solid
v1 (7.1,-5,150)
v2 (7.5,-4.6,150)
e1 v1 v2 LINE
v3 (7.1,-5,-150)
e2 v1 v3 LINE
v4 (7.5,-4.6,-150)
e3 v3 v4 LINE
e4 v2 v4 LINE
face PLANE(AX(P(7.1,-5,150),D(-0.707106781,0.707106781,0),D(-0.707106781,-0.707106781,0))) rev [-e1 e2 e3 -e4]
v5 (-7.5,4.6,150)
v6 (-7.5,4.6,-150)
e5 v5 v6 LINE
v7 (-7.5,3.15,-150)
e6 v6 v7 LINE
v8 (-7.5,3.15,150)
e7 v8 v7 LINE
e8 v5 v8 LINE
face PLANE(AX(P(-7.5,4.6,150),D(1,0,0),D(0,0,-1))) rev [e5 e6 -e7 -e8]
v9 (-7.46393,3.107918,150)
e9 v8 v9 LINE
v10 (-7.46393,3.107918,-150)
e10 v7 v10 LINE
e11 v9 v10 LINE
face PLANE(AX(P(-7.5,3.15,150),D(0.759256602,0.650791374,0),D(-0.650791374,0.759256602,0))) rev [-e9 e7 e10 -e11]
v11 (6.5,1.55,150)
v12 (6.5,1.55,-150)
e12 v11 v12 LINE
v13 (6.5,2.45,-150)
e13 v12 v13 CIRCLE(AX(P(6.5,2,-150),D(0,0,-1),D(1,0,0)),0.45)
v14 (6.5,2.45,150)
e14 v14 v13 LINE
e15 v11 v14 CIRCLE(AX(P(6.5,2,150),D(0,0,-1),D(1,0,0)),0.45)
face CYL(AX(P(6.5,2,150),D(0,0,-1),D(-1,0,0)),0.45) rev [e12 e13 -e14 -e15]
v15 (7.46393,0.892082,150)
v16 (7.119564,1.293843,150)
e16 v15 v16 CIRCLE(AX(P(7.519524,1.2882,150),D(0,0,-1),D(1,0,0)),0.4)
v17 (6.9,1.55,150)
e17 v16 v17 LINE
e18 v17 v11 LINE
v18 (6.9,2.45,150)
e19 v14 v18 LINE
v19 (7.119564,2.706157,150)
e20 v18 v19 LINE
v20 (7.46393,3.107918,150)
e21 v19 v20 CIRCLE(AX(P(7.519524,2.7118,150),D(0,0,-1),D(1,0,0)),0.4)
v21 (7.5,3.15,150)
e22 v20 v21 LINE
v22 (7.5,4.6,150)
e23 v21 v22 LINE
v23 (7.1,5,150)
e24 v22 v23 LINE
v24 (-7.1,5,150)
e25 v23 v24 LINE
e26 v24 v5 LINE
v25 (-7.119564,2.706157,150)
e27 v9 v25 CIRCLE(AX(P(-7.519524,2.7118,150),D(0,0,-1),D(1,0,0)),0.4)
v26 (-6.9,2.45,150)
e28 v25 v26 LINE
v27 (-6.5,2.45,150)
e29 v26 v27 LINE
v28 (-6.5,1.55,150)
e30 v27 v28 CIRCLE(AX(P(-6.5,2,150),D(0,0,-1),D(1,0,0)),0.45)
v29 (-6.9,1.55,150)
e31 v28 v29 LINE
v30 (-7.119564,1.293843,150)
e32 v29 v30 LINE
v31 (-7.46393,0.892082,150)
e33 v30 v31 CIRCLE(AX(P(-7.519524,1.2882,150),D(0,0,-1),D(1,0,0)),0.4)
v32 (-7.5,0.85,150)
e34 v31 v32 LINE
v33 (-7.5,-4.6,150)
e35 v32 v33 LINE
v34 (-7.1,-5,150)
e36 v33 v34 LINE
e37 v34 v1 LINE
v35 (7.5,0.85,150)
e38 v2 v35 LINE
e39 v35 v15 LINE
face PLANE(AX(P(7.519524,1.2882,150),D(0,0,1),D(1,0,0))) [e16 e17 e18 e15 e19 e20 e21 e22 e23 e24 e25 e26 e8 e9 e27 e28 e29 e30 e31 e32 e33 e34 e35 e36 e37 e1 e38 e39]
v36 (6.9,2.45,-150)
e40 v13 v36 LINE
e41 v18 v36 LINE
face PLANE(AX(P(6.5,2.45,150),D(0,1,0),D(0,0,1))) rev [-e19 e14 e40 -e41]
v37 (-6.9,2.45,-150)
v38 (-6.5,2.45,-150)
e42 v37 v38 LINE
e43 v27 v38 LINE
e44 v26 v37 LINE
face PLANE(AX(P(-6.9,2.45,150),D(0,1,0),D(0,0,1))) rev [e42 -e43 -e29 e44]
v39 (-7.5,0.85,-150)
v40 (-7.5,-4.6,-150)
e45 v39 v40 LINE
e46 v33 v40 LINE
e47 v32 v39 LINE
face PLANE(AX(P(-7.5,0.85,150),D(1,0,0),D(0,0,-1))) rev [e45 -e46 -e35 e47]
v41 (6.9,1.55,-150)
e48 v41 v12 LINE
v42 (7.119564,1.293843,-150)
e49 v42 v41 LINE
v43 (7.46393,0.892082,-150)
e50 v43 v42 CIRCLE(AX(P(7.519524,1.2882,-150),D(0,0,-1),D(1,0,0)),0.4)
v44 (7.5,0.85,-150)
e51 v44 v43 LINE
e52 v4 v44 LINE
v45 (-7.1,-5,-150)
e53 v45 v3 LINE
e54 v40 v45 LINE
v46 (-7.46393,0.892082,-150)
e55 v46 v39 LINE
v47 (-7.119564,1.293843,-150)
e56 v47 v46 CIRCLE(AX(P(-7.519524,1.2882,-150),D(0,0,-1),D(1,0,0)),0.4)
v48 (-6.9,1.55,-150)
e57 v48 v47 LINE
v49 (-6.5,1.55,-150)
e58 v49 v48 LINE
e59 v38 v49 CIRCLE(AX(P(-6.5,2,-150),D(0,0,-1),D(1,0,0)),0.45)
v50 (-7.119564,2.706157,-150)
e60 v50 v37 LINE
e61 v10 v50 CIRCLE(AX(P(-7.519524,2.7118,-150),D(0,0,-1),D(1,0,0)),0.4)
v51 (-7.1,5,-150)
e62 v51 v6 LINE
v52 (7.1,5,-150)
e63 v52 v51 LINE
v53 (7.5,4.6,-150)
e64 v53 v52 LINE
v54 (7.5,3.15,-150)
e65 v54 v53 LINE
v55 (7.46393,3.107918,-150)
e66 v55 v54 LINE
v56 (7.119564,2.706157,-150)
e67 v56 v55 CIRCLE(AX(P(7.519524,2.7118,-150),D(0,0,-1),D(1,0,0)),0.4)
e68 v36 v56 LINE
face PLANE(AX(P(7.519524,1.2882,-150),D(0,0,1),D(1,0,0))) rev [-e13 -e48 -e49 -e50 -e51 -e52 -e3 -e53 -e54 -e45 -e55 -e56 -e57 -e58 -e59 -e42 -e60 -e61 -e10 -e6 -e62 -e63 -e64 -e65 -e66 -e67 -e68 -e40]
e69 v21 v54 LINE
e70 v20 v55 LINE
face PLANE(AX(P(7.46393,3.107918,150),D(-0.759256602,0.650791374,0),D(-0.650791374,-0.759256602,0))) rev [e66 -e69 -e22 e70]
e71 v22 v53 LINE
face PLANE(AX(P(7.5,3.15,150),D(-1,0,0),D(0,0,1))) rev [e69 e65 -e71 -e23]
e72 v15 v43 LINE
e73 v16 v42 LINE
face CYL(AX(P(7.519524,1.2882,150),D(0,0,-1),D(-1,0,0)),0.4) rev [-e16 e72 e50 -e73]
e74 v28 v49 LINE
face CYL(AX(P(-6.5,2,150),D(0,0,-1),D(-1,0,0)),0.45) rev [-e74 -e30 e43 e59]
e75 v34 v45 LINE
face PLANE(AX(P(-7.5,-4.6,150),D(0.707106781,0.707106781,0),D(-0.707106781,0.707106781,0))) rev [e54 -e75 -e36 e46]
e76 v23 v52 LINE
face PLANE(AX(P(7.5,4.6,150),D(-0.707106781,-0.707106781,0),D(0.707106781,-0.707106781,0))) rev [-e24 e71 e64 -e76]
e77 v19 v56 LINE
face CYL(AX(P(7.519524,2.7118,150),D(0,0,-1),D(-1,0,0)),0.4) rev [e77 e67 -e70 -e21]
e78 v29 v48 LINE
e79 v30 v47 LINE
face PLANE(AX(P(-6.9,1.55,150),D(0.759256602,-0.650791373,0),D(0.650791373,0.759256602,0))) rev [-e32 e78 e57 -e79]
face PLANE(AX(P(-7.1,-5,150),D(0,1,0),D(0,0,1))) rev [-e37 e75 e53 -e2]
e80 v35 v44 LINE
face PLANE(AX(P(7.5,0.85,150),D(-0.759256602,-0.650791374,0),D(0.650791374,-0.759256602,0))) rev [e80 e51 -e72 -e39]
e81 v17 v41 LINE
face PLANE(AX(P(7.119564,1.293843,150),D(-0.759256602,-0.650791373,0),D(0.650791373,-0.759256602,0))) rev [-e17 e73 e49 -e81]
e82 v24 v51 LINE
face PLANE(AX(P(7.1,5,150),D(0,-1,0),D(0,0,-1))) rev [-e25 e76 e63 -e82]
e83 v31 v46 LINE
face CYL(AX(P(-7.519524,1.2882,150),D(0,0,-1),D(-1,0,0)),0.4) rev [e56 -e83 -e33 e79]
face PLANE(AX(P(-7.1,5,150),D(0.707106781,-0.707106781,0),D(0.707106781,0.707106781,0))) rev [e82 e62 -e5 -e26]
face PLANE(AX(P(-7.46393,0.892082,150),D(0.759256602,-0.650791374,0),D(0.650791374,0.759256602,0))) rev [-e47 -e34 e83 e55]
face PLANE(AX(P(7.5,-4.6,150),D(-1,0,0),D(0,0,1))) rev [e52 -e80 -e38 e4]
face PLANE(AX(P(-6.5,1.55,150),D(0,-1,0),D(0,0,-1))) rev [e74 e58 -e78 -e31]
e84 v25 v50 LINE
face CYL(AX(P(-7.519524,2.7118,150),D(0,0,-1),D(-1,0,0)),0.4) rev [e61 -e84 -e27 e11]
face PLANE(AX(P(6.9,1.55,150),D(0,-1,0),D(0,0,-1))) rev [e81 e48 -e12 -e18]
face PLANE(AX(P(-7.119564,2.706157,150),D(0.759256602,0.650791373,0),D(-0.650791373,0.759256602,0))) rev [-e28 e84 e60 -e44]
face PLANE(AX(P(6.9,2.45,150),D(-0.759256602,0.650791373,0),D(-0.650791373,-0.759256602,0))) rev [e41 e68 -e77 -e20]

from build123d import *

# Parameters (mm, degrees)
EXTRUDE_273_DEPTH = 150


with BuildPart() as part:
    # Model → Extrude 273 (new, symmetric)
    with BuildSketch(Plane.XY):
        with BuildLine():
            Line((-7.1, -5), (7.1, -5))
            Line((7.1, -5), (7.5, -4.6))
            Line((7.5, -4.6), (7.5, 0.85))
            Line((7.5, 0.85), (7.463929973, 0.892081698))
            ThreePointArc((7.463929973, 0.892081698), (7.2158211, 1.027882975), (7.119563548, 1.293842528))
            Line((7.119563548, 1.293842528), (6.9, 1.55))
            Line((6.9, 1.55), (6.5, 1.55))
            ThreePointArc((6.5, 1.55), (6.05, 2), (6.5, 2.45))
            Line((6.5, 2.45), (6.9, 2.45))
            Line((6.9, 2.45), (7.119563548, 2.706157472))
            ThreePointArc((7.119563548, 2.706157472), (7.2158211, 2.972117025), (7.463929973, 3.107918302))
            Line((7.463929973, 3.107918302), (7.5, 3.15))
            Line((7.5, 3.15), (7.5, 4.6))
            Line((7.5, 4.6), (7.1, 5))
            Line((7.1, 5), (-7.1, 5))
            Line((-7.1, 5), (-7.5, 4.6))
            Line((-7.5, 4.6), (-7.5, 3.15))
            Line((-7.5, 3.15), (-7.463929973, 3.107918302))
            ThreePointArc((-7.463929973, 3.107918302), (-7.2158211, 2.972117025), (-7.119563548, 2.706157472))
            Line((-7.119563548, 2.706157472), (-6.9, 2.45))
            Line((-6.9, 2.45), (-6.5, 2.45))
            ThreePointArc((-6.5, 2.45), (-6.05, 2), (-6.5, 1.55))
            Line((-6.5, 1.55), (-6.9, 1.55))
            Line((-6.9, 1.55), (-7.119563548, 1.293842528))
            ThreePointArc((-7.119563548, 1.293842528), (-7.2158211, 1.027882975), (-7.463929973, 0.892081698))
            Line((-7.463929973, 0.892081698), (-7.5, 0.85))
            Line((-7.5, 0.85), (-7.5, -4.6))
            Line((-7.5, -4.6), (-7.1, -5))
        make_face()
    extrude(amount=EXTRUDE_273_DEPTH, both=True)


solid = part.part
